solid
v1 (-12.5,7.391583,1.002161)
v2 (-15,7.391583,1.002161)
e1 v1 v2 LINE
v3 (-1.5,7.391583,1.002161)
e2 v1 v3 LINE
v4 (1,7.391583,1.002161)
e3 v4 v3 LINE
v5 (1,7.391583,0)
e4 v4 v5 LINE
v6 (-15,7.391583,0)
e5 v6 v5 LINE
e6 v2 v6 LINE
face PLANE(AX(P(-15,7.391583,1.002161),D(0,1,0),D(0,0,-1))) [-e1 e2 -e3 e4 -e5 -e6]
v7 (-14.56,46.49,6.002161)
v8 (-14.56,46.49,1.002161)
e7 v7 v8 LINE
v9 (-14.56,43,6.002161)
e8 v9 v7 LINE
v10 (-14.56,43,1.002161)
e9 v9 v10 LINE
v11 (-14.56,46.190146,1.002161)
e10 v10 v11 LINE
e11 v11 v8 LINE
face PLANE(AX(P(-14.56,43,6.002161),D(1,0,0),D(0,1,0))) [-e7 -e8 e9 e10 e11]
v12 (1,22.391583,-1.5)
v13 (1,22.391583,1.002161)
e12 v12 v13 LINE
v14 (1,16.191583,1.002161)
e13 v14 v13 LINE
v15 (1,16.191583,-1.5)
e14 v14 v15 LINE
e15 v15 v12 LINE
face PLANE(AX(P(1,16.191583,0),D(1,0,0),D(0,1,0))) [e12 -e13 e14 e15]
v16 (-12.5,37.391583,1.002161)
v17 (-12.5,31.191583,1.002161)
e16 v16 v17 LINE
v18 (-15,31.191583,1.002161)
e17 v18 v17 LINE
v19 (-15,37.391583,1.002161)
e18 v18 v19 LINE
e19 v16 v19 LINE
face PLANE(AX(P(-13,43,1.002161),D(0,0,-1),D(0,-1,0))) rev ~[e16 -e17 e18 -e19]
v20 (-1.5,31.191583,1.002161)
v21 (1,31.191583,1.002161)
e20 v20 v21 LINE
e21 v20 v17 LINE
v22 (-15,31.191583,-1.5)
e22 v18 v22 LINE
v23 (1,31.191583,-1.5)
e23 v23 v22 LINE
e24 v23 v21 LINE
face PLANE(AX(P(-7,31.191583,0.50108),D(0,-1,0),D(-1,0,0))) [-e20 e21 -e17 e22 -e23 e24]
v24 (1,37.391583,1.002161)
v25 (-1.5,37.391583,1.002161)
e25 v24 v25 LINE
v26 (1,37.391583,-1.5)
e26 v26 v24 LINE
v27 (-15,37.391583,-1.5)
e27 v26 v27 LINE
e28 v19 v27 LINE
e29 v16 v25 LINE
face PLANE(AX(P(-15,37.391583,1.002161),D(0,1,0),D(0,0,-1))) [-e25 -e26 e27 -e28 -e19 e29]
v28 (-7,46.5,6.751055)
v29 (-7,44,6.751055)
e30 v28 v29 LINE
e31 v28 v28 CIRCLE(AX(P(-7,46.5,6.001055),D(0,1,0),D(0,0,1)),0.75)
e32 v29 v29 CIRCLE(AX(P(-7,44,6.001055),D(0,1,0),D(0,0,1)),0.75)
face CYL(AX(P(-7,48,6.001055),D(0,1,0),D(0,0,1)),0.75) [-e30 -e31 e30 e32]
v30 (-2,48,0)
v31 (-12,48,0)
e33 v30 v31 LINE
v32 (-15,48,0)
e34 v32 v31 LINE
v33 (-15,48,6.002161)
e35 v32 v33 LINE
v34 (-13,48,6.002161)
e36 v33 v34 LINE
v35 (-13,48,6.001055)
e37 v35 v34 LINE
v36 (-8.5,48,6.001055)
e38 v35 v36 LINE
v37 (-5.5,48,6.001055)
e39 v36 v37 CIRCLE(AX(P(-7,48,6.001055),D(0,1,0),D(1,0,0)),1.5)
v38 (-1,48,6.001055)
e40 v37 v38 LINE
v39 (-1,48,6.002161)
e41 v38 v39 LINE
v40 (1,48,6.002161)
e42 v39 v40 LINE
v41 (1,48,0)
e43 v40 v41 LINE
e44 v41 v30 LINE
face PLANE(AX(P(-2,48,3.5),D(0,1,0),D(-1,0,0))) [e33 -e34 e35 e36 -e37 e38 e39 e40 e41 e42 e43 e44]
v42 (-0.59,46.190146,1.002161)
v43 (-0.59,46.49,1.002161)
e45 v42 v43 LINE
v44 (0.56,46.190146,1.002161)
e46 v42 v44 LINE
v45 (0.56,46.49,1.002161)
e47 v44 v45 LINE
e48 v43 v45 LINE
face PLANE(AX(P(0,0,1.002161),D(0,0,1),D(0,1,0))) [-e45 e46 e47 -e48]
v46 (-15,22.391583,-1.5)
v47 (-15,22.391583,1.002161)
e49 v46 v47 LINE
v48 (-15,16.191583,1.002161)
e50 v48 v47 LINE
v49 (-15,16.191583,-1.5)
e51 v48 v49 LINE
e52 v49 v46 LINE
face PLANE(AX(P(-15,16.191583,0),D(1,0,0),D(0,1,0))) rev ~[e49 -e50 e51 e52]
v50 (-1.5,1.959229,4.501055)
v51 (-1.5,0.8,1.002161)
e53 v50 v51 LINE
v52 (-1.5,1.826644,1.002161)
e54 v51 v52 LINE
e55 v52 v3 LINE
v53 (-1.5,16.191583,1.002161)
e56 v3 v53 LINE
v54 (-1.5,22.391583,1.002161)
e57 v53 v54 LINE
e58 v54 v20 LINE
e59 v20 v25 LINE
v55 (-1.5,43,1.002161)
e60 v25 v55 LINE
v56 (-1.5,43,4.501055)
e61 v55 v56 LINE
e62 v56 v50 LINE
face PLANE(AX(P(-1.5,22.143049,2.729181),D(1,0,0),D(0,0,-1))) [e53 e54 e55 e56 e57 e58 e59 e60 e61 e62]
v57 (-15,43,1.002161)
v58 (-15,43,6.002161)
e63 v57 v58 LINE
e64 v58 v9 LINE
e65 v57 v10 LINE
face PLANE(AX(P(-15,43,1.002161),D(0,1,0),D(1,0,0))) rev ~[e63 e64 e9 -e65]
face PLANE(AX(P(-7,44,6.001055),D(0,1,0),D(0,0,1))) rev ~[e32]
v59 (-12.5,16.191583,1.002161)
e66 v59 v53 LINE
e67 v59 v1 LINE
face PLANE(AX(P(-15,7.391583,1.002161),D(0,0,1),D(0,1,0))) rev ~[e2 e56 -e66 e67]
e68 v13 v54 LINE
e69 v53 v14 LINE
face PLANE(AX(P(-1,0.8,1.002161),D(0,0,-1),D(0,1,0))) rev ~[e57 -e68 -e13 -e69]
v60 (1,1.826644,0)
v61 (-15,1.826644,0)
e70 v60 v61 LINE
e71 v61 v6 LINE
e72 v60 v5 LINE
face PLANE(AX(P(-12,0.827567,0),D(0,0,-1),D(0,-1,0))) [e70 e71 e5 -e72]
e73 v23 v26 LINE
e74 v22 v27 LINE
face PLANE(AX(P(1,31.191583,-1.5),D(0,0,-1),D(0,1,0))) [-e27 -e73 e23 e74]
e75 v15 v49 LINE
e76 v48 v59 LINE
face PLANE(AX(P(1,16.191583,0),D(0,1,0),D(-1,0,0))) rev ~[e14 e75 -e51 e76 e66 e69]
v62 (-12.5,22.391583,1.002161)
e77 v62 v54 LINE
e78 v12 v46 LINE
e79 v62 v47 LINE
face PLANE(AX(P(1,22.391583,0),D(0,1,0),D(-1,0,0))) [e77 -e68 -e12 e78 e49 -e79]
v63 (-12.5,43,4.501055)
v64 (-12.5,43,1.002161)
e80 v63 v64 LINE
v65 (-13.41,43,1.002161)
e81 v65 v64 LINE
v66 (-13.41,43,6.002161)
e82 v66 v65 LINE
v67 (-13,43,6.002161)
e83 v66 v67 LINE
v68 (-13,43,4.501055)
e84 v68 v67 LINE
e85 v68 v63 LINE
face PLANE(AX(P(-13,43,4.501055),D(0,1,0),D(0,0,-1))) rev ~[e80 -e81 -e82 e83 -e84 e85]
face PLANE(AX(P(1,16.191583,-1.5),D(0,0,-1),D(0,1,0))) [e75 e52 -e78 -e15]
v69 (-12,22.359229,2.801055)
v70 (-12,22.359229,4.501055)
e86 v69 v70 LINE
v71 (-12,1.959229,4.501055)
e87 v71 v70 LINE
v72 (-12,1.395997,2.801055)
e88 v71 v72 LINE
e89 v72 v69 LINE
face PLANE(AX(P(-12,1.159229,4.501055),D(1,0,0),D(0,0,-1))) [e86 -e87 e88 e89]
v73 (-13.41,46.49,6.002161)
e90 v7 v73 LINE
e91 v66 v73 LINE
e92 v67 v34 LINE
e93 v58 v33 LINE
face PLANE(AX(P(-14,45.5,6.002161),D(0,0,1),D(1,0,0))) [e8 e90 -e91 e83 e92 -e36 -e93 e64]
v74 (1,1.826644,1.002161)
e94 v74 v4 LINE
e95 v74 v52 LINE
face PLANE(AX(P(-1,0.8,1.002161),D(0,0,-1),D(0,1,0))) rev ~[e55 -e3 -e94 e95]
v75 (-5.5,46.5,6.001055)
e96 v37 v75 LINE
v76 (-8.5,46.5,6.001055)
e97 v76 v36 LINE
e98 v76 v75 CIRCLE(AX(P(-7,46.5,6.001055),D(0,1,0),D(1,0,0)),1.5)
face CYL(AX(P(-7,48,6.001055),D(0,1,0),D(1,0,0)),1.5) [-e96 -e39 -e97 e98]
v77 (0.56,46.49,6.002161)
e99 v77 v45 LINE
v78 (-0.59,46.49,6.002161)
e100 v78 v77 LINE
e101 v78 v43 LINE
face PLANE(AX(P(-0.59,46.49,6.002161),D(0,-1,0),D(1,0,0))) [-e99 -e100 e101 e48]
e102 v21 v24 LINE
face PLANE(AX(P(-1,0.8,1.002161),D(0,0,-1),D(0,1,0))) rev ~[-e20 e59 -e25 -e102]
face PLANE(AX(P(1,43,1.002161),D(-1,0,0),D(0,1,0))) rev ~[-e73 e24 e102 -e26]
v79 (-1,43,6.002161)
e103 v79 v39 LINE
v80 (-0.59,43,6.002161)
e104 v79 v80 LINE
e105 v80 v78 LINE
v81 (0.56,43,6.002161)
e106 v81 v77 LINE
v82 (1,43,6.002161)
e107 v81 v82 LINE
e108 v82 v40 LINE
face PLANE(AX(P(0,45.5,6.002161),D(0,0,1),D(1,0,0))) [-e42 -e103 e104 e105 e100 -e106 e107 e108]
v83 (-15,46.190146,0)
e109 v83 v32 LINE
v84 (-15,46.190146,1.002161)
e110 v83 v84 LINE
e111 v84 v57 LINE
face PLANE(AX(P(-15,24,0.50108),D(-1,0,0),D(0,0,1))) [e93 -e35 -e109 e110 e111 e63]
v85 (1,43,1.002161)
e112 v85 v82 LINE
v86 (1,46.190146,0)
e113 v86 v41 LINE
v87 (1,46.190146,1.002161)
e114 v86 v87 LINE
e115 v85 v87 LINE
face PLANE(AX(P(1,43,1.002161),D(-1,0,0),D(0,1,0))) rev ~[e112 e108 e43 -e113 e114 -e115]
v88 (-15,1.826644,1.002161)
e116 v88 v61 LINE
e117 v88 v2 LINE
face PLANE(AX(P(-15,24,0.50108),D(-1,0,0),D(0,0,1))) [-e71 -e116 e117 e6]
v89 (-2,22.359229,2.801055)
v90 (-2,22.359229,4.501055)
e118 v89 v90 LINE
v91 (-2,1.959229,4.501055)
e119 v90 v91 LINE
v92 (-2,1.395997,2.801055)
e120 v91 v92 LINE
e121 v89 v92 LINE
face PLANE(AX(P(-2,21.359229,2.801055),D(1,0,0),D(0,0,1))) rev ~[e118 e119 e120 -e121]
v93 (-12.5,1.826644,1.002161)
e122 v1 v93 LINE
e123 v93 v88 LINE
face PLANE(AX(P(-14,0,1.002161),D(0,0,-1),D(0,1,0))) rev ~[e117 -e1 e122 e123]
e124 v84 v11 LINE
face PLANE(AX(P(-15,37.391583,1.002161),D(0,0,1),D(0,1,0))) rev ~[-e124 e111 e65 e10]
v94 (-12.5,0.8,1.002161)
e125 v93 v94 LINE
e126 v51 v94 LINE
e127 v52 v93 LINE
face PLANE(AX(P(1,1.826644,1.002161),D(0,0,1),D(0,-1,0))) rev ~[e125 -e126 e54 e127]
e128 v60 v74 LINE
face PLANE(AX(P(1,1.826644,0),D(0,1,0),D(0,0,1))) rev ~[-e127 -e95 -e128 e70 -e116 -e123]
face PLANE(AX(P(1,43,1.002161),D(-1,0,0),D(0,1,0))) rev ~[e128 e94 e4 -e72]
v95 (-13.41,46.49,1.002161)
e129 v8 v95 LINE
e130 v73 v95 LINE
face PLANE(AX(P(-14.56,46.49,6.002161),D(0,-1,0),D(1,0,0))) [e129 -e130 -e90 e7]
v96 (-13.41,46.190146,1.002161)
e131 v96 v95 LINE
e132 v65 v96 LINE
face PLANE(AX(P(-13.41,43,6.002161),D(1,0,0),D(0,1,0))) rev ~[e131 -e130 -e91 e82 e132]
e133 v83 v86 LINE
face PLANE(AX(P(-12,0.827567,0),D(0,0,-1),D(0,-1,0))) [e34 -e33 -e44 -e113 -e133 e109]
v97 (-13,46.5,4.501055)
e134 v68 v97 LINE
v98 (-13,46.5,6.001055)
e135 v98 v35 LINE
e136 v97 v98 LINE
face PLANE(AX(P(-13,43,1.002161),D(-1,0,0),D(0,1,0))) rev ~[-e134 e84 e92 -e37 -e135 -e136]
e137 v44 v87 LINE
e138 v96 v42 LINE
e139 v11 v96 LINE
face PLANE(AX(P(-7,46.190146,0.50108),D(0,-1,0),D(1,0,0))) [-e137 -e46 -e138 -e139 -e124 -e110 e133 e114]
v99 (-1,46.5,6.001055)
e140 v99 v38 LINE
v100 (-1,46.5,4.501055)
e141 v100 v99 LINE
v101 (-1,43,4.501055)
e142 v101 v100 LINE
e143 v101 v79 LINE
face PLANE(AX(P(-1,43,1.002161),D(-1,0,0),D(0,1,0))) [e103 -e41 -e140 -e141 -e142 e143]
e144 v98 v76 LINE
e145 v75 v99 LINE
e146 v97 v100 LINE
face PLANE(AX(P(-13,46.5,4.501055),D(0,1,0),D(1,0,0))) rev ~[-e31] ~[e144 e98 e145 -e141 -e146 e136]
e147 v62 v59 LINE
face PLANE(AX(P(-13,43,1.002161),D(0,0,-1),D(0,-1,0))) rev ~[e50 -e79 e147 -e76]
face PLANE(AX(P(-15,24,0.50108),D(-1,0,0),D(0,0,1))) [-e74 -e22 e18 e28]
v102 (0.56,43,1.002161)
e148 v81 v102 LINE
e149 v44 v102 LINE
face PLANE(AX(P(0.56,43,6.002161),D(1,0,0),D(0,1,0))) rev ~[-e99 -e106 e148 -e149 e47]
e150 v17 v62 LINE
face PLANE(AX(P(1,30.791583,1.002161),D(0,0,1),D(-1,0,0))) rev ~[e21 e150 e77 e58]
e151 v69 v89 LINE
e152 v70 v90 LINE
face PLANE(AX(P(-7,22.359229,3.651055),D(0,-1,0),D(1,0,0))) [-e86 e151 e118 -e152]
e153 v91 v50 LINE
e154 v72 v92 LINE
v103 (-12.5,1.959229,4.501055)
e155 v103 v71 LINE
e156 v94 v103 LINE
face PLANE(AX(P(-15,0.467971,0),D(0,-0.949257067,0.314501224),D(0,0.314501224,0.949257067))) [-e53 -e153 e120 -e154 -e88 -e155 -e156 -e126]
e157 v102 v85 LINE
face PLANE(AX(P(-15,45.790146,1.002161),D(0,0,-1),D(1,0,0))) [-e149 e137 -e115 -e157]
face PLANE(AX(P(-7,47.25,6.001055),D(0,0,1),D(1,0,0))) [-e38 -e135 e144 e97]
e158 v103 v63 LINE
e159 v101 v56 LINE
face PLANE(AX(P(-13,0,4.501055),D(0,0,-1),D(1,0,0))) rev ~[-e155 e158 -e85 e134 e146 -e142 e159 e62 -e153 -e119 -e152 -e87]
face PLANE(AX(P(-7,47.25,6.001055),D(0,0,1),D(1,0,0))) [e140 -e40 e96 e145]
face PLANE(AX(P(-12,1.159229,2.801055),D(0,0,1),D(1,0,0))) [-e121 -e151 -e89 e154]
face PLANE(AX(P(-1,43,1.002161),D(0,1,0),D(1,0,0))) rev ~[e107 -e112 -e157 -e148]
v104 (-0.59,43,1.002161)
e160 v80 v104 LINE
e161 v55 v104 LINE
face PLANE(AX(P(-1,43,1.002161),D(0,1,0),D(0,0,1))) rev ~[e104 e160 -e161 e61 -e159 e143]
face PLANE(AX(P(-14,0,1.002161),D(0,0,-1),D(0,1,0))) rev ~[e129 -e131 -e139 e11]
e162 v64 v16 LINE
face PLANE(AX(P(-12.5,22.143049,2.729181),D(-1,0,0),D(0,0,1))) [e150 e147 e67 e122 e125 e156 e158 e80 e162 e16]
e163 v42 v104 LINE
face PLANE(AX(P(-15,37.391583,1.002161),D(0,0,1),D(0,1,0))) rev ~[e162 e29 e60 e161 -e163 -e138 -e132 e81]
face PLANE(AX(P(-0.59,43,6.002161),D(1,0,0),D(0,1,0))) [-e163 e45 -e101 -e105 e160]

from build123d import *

# Parameters (mm, degrees)
SKETCH2_W            = 14
SKETCH2_H            = 48
BOSS_EXTRUDE1_DEPTH  = 8
SKETCH3_W            = 10
SKETCH3_H            = 3.5
CUT_EXTRUDE1_DEPTH   = 51.635955605
CUT_EXTRUDE4_DEPTH   = 48
CUT_EXTRUDE5_REACH   = 51.933
SKETCH16_W           = 1.002160824
SKETCH16_H           = 48
BOSS_EXTRUDE4_DEPTH  = 1
SKETCH17_W           = 1.002160824
SKETCH17_H           = 48
BOSS_EXTRUDE5_DEPTH  = 1
SKETCH25_W           = 2
SKETCH25_H           = 5
BOSS_EXTRUDE10_DEPTH = 5
SKETCH26_W           = 12
SKETCH26_H           = 1.5
BOSS_EXTRUDE11_DEPTH = 1.5
SKETCH27_R           = 1.5
BOSS_EXTRUDE14_DEPTH = 1.5
SKETCH29_R           = 0.75
CUT_EXTRUDE12_DEPTH  = 1.5
SKETCH30_W           = 1.15
SKETCH30_H           = 3.49
CUT_EXTRUDE13_DEPTH  = 5
SKETCH32_W           = 10
SKETCH32_H           = 47.172433363
BOSS_EXTRUDE15_DEPTH = 3.5
BOSS_EXTRUDE16_DEPTH = 10
SKETCH34_W           = 10
SKETCH34_H           = 20.2
CUT_EXTRUDE15_DEPTH  = 1.7
SKETCH35_W           = 10
SKETCH35_H           = 1.7
CUT_EXTRUDE16_DEPTH  = 1
CUT_EXTRUDE18_START  = -16
SKETCH38_W           = 1.002160824
SKETCH38_H           = 8.4
SKETCH38_H_2         = 8.398563286
CUT_EXTRUDE18_DEPTH  = 16
CUT_EXTRUDE19_DEPTH  = 20
SKETCH43_W           = 16
SKETCH43_H           = 1.002160824
CUT_EXTRUDE20_DEPTH  = 0.4
SKETCH44_W           = 16
SKETCH44_H           = 1.002160824
CUT_EXTRUDE21_DEPTH  = 0.4
SKETCH45_W           = 16
SKETCH45_H           = 1.002160824
CUT_EXTRUDE22_DEPTH  = 0.4
SKETCH46_R           = 0.75
BOSS_EXTRUDE18_DEPTH = 4
SKETCH47_W           = 10
SKETCH47_H           = 1.7
CUT_EXTRUDE23_DEPTH  = 1
CUT_EXTRUDE24_DEPTH  = 0.5
CUT_EXTRUDE25_DEPTH  = 0.5
CUT_EXTRUDE26_DEPTH  = 52.14944604
SKETCH51_W           = 16
SKETCH51_H           = 6.2
BOSS_EXTRUDE19_DEPTH = 2
SKETCH52_W           = 0.5
SKETCH52_H           = 6.2
CUT_EXTRUDE27_DEPTH  = 16
SKETCH53_W           = 0.5
SKETCH53_H           = 6.2
CUT_EXTRUDE28_DEPTH  = 16


with BuildPart() as part:
    # Sketch2 → Boss-Extrude1 (new body)
    with BuildSketch(Plane.XY):
        with Locations((-7, 24)):
            Rectangle(SKETCH2_W, SKETCH2_H)
    extrude(amount=BOSS_EXTRUDE1_DEPTH)

    # Sketch3 → Cut-Extrude1 (cut, through all)
    with BuildSketch(Plane(origin=(0, 0, 0), x_dir=(-1, 0, 0), z_dir=(0, -1, 0))):
        with Locations((7, -1.75)):
            Rectangle(SKETCH3_W, SKETCH3_H)
    extrude(amount=-CUT_EXTRUDE1_DEPTH, mode=Mode.SUBTRACT)

    # Sketch7 → Cut-Extrude4 (cut)
    with BuildSketch(Plane.XZ):
        Polygon((-14, 1.002160824), (-13, 1.002160824), (-13, 4.501055273), (-1, 4.501055273), (-1, 1.002160824), (0, 1.002160824), (0, 8), (-14, 8), align=None)
    extrude(amount=-CUT_EXTRUDE4_DEPTH, mode=Mode.SUBTRACT)

    # Cut-Extrude5: up to this face of the body (flat: up to its plane)
    cut_extrude5_end = Plane(part.part.faces().sort_by_distance((-1, 24, 2.751608048))[0])
    # Sketch9 → Cut-Extrude5 (cut, up to the picked face)
    with BuildSketch(Plane.ZY.offset(13), mode=Mode.PRIVATE) as cut_extrude5_sk1:
        Polygon((1.002160824, 0), (4.501055273, 1.159229281), (4.501055273, 0), align=None)
    cut_extrude5_tool1 = split(extrude(cut_extrude5_sk1.sketch, amount=-CUT_EXTRUDE5_REACH, mode=Mode.PRIVATE), bisect_by=cut_extrude5_end, keep=Keep.BOTH, mode=Mode.PRIVATE)
    add(cut_extrude5_tool1.solids().sort_by(Axis((-13, 0.38641, 3.334757), (1, 0, 0)))[0], mode=Mode.SUBTRACT)

    # Sketch16 → Boss-Extrude4 (add)
    with BuildSketch(Plane(origin=(0, 0, 0), x_dir=(0, 0, -1), z_dir=(1, 0, 0))):
        with Locations((-0.501080412, 24)):
            Rectangle(SKETCH16_W, SKETCH16_H)
    extrude(amount=BOSS_EXTRUDE4_DEPTH)

    # Sketch17 → Boss-Extrude5 (add)
    with BuildSketch(Plane.ZY.offset(14)):
        with Locations((0.501080412, 24)):
            Rectangle(SKETCH17_W, SKETCH17_H)
    extrude(amount=BOSS_EXTRUDE5_DEPTH)

    # Sketch25 → Boss-Extrude10 (add)
    with BuildSketch(Plane.XY.offset(1.002160824)):
        with Locations((0, 45.5)):
            Rectangle(SKETCH25_W, SKETCH25_H)
        with Locations((-14, 45.5)):
            Rectangle(SKETCH25_W, SKETCH25_H)
    extrude(amount=BOSS_EXTRUDE10_DEPTH)

    # Sketch26 → Boss-Extrude11 (add)
    with BuildSketch(Plane.XY.offset(4.501055273)):
        with Locations((-7, 47.25)):
            Rectangle(SKETCH26_W, SKETCH26_H)
    extrude(amount=BOSS_EXTRUDE11_DEPTH)

    # Sketch27 → Boss-Extrude14 (add)
    with BuildSketch(Plane(origin=(0, 48, 0), x_dir=(1, 0, 0), z_dir=(0, 1, 0))):
        with Locations((-7.000000094, -6.001055273)):
            Circle(SKETCH27_R)
    extrude(amount=-BOSS_EXTRUDE14_DEPTH)

    # Sketch29 → Cut-Extrude12 (cut)
    with BuildSketch(Plane(origin=(0, 48, 0), x_dir=(1, 0, 0), z_dir=(0, 1, 0))):
        with Locations(Location((-7.000000094, -6.001055273, 0), (0, 0, 270))):
            Circle(SKETCH29_R)
    extrude(amount=-CUT_EXTRUDE12_DEPTH, mode=Mode.SUBTRACT)

    # Sketch30 → Cut-Extrude13 (cut)
    with BuildSketch(Plane.XY.offset(6.002160824)):
        with Locations((-13.985, 44.745)):
            Rectangle(SKETCH30_W, SKETCH30_H)
        with Locations((-0.015, 44.745)):
            Rectangle(SKETCH30_W, SKETCH30_H)
    extrude(amount=-CUT_EXTRUDE13_DEPTH, mode=Mode.SUBTRACT)

    # Sketch32 → Boss-Extrude15 (add)
    with BuildSketch(Plane(origin=(0, 0, 3.5), x_dir=(-1, 0, 0), z_dir=(0, 0, -1))):
        with Locations((7, 24.413783318)):
            Rectangle(SKETCH32_W, SKETCH32_H)
    extrude(amount=BOSS_EXTRUDE15_DEPTH)

    # Sketch33 → Boss-Extrude16 (add)
    with BuildSketch(Plane(origin=(-12, 0, 0), x_dir=(0, 0, -1), z_dir=(1, 0, 0))):
        Polygon((-3.5, 0.827566637), (0, 0.827566637), (0, -0.332028927), align=None)
    extrude(amount=BOSS_EXTRUDE16_DEPTH)

    # Sketch34 → Cut-Extrude15 (cut)
    with BuildSketch(Plane.XY.offset(4.501055273)):
        with Locations((-7, 11.259229281)):
            Rectangle(SKETCH34_W, SKETCH34_H)
    extrude(amount=-CUT_EXTRUDE15_DEPTH, mode=Mode.SUBTRACT)

    # Sketch35 → Cut-Extrude16 (cut)
    with BuildSketch(Plane(origin=(0, 1.159229281, 0), x_dir=(1, 0, 0), z_dir=(0, 1, 0))):
        with Locations((-7, -3.651055273)):
            Rectangle(SKETCH35_W, SKETCH35_H)
    extrude(amount=-CUT_EXTRUDE16_DEPTH, mode=Mode.SUBTRACT)

    # Sketch38 → Cut-Extrude18 (cut)
    with BuildSketch(Plane(origin=(1, 0, 0), x_dir=(0, 0, -1), z_dir=(1, 0, 0)).offset(CUT_EXTRUDE18_START)):
        with Locations((-0.501080412, 11.591582536)):
            Rectangle(SKETCH38_W, SKETCH38_H)
        with Locations((-0.501080412, 26.591582536)):
            Rectangle(SKETCH38_W, SKETCH38_H)
        with Locations((-0.501080412, 41.590864179)):
            Rectangle(SKETCH38_W, SKETCH38_H_2)
    extrude(amount=CUT_EXTRUDE18_DEPTH, mode=Mode.SUBTRACT)

    # Sketch40 → Cut-Extrude19 (cut)
    with BuildSketch(Plane.ZY.offset(15)):
        Polygon((4.501055273, 1.159229281), (0, -0.332028927), (0, 0.467971073), (4.501055273, 1.959229281), align=None)
    extrude(amount=-CUT_EXTRUDE19_DEPTH, mode=Mode.SUBTRACT)

    # Sketch43 → Cut-Extrude20 (cut)
    with BuildSketch(Plane.XZ.offset(-45.790145822)):
        with Locations((-7, 0.501080412)):
            Rectangle(SKETCH43_W, SKETCH43_H)
    extrude(amount=-CUT_EXTRUDE20_DEPTH, mode=Mode.SUBTRACT)

    # Sketch44 → Cut-Extrude21 (cut)
    with BuildSketch(Plane(origin=(0, 30.791582536, 0), x_dir=(-1, 0, 0), z_dir=(0, -1, 0))):
        with Locations((7, -0.501080412)):
            Rectangle(SKETCH44_W, SKETCH44_H)
    extrude(amount=-CUT_EXTRUDE21_DEPTH, mode=Mode.SUBTRACT)

    # Sketch45 → Cut-Extrude22 (cut)
    with BuildSketch(Plane.XZ.offset(-15.791582536)):
        with Locations((-7, 0.501080412)):
            Rectangle(SKETCH45_W, SKETCH45_H)
    extrude(amount=-CUT_EXTRUDE22_DEPTH, mode=Mode.SUBTRACT)

    # Sketch46 → Boss-Extrude18 (add)
    with BuildSketch(Plane(origin=(0, 48, 0), x_dir=(1, 0, 0), z_dir=(0, 1, 0))):
        with Locations(Location((-7.000000094, -6.001055273, 0), (0, 0, 270))):
            Circle(SKETCH46_R)
    extrude(amount=-BOSS_EXTRUDE18_DEPTH)

    # Sketch47 → Cut-Extrude23 (cut)
    with BuildSketch(Plane.XZ.offset(-21.359229281)):
        with Locations((-7, 3.651055273)):
            Rectangle(SKETCH47_W, SKETCH47_H)
    extrude(amount=-CUT_EXTRUDE23_DEPTH, mode=Mode.SUBTRACT)

    # Sketch48 → Cut-Extrude24 (cut)
    with BuildSketch(Plane(origin=(-1, 0, 0), x_dir=(0, 0, -1), z_dir=(1, 0, 0))):
        Polygon((-4.501055273, 1.959229281), (-1.002160824, 0.8), (-1.002160824, 43), (-4.501055273, 43), align=None)
    extrude(amount=-CUT_EXTRUDE24_DEPTH, mode=Mode.SUBTRACT)

    # Sketch49 → Cut-Extrude25 (cut)
    with BuildSketch(Plane.ZY.offset(13)):
        Polygon((1.002160824, 0.8), (4.501055273, 1.959229281), (4.501055273, 43), (1.002160824, 43), align=None)
    extrude(amount=-CUT_EXTRUDE25_DEPTH, mode=Mode.SUBTRACT)

    # Sketch50 → Cut-Extrude26 (cut, through all)
    with BuildSketch(Plane(origin=(1, 0, 0), x_dir=(0, 0, -1), z_dir=(1, 0, 0))):
        Polygon((-1.002160824, 0.8), (0, 0.467971073), (0, 1.826644399), (-1.002160824, 1.826644399), align=None)
    extrude(amount=-CUT_EXTRUDE26_DEPTH, mode=Mode.SUBTRACT)

    # Sketch51 → Boss-Extrude19 (add)
    with BuildSketch(Plane(origin=(0, 0, 0), x_dir=(-1, 0, 0), z_dir=(0, 0, -1))):
        with Locations((7, 19.291582536)):
            Rectangle(SKETCH51_W, SKETCH51_H)
        with Locations((7, 34.291582536)):
            Rectangle(SKETCH51_W, SKETCH51_H)
    extrude(amount=BOSS_EXTRUDE19_DEPTH)

    # Sketch52 → Cut-Extrude27 (cut)
    with BuildSketch(Plane(origin=(1, 0, 0), x_dir=(0, 0, -1), z_dir=(1, 0, 0))):
        with Locations((1.75, 19.291582536)):
            Rectangle(SKETCH52_W, SKETCH52_H)
    extrude(amount=-CUT_EXTRUDE27_DEPTH, mode=Mode.SUBTRACT)

    # Sketch53 → Cut-Extrude28 (cut)
    with BuildSketch(Plane(origin=(1, 0, 0), x_dir=(0, 0, -1), z_dir=(1, 0, 0))):
        with Locations((1.75, 34.291582536)):
            Rectangle(SKETCH53_W, SKETCH53_H)
    extrude(amount=-CUT_EXTRUDE28_DEPTH, mode=Mode.SUBTRACT)


solid = part.part
